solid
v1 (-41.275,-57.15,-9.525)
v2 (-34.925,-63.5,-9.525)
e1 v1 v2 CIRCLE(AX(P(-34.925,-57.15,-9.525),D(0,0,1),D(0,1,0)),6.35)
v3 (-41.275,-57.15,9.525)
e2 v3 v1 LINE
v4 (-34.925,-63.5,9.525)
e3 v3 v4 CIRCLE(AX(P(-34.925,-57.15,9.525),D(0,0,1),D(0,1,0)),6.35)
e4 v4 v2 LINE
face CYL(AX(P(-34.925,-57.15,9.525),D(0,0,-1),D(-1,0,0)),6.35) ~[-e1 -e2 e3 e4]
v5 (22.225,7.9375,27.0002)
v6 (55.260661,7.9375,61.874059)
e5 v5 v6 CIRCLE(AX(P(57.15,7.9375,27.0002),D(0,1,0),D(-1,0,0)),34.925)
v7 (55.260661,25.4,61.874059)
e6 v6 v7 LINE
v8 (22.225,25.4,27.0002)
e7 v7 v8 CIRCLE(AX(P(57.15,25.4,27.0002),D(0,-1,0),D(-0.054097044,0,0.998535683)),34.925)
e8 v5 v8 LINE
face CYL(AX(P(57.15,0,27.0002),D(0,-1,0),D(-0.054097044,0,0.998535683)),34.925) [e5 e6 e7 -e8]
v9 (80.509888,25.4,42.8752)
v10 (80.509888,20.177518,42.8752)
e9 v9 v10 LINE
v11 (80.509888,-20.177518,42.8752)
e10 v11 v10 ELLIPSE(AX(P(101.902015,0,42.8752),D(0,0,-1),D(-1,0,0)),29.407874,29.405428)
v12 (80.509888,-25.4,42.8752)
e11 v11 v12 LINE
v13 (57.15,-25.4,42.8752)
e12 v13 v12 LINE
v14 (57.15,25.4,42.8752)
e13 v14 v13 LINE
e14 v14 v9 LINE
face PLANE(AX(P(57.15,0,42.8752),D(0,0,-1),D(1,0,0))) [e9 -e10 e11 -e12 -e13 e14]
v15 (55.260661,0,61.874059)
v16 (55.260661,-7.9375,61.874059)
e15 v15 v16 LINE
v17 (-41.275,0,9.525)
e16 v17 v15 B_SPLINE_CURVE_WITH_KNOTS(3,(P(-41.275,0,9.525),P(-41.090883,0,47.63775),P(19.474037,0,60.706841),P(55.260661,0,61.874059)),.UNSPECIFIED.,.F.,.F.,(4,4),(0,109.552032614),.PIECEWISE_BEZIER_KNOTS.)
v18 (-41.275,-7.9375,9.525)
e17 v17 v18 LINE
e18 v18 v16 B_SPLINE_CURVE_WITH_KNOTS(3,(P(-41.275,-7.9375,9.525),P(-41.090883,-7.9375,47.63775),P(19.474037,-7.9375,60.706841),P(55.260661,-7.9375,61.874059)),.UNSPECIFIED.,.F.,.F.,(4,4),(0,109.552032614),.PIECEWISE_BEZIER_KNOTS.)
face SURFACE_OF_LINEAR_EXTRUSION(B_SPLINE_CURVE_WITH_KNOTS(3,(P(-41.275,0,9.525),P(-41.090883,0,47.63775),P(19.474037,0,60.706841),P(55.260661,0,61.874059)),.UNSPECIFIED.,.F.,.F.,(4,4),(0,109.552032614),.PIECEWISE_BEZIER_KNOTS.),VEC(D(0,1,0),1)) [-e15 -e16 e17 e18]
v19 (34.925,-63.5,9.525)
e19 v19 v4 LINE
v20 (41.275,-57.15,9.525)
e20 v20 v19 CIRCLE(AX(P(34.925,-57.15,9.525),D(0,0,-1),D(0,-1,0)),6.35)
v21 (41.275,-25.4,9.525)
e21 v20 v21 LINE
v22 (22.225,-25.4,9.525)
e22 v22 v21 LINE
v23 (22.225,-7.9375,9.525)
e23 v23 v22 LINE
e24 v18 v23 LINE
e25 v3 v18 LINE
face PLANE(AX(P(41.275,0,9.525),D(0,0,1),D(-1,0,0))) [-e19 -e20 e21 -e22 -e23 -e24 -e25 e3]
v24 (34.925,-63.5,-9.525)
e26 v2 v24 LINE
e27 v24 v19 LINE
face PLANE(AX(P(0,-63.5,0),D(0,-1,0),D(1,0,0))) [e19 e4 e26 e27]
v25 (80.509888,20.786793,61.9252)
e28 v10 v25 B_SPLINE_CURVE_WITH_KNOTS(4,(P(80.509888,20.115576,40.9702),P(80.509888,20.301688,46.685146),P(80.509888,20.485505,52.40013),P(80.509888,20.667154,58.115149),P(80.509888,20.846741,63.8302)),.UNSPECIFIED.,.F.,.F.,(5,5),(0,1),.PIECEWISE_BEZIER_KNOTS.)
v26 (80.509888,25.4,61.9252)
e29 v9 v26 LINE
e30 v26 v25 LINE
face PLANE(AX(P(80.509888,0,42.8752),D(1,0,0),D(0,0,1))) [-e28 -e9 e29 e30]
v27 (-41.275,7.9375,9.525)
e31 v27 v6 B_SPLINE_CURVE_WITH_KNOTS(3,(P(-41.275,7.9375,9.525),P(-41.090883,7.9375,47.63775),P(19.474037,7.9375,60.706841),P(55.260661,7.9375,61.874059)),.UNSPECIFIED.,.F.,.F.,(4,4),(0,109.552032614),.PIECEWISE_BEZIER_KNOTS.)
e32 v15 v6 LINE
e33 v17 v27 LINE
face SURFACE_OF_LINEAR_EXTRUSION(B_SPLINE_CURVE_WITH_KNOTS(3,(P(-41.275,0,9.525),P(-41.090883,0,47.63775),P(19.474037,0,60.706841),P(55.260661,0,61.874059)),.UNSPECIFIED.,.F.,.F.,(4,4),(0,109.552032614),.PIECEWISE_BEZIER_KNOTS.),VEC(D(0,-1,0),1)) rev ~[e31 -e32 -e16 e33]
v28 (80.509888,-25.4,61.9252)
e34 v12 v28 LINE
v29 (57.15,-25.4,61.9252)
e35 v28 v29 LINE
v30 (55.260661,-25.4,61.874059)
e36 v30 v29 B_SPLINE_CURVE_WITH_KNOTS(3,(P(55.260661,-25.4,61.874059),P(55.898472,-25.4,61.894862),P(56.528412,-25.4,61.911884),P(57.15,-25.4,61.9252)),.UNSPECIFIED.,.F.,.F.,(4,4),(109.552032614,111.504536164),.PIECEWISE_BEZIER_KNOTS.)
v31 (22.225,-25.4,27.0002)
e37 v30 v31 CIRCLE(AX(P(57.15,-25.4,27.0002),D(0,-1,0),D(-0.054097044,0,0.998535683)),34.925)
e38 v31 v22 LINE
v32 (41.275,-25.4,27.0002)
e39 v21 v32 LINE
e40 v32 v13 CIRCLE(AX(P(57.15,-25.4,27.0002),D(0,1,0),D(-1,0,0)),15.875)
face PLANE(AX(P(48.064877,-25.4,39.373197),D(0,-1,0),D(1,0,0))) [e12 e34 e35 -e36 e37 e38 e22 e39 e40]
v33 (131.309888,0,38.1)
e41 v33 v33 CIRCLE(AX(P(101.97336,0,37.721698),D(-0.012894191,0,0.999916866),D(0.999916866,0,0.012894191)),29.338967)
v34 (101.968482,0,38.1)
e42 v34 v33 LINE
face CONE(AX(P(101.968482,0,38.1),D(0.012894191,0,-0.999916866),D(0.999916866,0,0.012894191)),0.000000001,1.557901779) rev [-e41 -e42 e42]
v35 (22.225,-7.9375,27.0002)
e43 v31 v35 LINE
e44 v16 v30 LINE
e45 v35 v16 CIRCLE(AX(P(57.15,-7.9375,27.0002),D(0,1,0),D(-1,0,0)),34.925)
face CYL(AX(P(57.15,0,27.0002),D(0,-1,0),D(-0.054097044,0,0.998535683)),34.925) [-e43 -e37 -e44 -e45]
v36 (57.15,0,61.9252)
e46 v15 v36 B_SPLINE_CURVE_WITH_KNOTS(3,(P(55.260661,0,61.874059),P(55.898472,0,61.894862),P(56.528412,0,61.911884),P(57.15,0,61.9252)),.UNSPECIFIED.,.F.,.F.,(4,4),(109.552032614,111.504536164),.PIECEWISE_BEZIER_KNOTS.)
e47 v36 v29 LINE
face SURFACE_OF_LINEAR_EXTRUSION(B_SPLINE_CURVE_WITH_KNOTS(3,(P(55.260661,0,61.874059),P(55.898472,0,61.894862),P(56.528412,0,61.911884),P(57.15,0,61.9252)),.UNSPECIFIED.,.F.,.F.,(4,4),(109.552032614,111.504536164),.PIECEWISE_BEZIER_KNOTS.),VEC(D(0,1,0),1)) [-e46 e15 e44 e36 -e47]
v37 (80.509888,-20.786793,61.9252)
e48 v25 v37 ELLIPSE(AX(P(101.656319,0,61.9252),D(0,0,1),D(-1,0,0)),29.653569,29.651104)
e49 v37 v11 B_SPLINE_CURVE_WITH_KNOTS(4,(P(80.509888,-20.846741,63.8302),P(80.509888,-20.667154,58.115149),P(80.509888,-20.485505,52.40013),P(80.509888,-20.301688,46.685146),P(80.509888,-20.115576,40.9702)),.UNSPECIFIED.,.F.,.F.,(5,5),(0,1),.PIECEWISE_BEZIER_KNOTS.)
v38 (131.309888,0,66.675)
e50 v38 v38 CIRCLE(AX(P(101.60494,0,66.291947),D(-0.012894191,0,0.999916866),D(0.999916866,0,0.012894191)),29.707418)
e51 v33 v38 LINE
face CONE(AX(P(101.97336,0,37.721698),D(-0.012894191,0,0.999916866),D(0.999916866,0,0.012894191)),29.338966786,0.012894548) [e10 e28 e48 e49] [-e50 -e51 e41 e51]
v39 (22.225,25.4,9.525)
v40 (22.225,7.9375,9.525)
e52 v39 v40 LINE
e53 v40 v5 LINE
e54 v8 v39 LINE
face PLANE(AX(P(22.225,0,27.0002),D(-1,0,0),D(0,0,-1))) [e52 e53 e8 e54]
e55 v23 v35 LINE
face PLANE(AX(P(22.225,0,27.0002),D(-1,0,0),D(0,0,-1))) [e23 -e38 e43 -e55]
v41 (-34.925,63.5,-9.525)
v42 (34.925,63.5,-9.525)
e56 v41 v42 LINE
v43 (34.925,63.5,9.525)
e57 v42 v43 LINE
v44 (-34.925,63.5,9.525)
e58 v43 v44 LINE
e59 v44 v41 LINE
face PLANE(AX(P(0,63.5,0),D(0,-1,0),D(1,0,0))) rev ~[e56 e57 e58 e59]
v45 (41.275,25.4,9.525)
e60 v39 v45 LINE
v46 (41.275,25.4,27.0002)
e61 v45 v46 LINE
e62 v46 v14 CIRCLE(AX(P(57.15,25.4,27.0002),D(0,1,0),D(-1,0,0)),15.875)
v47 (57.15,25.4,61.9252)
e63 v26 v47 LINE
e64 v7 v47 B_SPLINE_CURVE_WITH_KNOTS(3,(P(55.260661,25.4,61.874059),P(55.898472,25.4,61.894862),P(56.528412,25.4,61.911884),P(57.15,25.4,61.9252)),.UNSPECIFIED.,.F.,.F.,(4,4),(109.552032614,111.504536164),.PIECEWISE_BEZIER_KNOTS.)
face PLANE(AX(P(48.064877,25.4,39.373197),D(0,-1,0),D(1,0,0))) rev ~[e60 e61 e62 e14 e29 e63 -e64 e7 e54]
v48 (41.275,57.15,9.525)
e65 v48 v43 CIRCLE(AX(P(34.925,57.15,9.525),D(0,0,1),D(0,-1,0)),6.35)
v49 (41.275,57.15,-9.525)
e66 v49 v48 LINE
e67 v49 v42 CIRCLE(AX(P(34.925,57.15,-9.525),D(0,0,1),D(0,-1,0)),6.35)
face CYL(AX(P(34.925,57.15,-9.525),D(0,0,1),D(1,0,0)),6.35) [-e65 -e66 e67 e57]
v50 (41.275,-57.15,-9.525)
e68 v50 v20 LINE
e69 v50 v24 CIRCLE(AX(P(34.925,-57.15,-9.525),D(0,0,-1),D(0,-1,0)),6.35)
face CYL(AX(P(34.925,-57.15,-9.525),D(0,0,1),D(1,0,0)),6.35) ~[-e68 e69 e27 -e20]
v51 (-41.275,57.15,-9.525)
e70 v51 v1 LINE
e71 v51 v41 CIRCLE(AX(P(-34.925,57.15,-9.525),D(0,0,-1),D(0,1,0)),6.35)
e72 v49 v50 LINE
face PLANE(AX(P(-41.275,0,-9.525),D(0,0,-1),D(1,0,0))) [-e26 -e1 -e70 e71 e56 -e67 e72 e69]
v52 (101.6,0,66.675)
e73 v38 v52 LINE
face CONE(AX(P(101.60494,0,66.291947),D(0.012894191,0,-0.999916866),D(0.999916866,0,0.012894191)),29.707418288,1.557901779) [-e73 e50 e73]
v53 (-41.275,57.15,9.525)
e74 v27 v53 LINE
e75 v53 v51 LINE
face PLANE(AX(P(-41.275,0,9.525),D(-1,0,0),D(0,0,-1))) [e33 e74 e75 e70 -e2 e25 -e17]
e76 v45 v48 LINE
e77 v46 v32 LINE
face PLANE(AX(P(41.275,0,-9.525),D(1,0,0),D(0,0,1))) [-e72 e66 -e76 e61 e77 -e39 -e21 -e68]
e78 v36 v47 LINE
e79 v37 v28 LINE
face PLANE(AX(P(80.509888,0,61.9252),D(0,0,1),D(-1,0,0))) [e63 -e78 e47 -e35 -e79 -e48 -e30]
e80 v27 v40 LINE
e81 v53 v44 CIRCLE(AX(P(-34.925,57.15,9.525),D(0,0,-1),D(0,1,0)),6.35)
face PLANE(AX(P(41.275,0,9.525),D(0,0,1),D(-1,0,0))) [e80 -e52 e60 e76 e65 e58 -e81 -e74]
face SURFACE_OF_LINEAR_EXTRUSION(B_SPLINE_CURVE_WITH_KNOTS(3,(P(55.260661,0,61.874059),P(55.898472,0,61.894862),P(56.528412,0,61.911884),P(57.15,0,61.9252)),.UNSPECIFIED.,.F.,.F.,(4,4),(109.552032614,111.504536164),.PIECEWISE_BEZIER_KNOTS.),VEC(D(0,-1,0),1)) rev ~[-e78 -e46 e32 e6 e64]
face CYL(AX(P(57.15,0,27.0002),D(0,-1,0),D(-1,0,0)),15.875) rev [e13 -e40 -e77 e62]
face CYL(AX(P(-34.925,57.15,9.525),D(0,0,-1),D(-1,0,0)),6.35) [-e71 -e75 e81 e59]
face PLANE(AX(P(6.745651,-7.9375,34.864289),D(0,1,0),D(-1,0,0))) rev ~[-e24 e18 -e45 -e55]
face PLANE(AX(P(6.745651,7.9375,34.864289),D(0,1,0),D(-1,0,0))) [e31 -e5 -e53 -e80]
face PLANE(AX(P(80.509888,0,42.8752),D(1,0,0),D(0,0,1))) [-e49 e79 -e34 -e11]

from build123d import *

# Parameters (mm, degrees)
F1_DEPTH = 63.5
F2_DEPTH = 25.4
F3_DEPTH = 7.9375
F5_R     = 6.35


with BuildPart() as f1:
    # F0 (on Front) → F1 (new body, symmetric)
    with BuildSketch(Plane.XZ):
        Polygon((22.225, 9.525), (-41.275, 9.525), (-41.275, -9.525), (41.275, -9.525), (41.275, 9.525), align=None)
    extrude(amount=F1_DEPTH, both=True)

    # F0 (on Front) → F2 (join, symmetric)
    with BuildSketch(Plane.XZ):
        with BuildLine():
            Line((22.225, 27.0002), (22.225, 9.525))
            Line((22.225, 9.525), (41.275, 9.525))
            Line((41.275, 9.525), (41.275, 27.0002))
            ThreePointArc((41.275, 27.0002), (45.9246798487, 38.2255201513), (57.15, 42.8752))
            Line((57.15, 42.8752), (80.509888177, 42.8752))
            Line((80.509888177, 42.8752), (80.509888177, 61.9252))
            Line((80.509888177, 61.9252), (57.15, 61.9252))
            add(Edge.make_bspline(
                [(55.2606607544, 61.8740587228), (55.8984719216, 61.8948615926), (56.5284123731, 61.9118838852), (57.15, 61.9252)],
                knots=[109.5520326142, 109.5520326142, 109.5520326142, 109.5520326142, 111.5045361635, 111.5045361635, 111.5045361635, 111.5045361635], degree=3))
            ThreePointArc((55.2606607544, 61.8740587228), (31.7951109433, 51.0186351265), (22.225, 27.0002))
        make_face()
    extrude(amount=F2_DEPTH, both=True)

    # F0 (on Front) → F3 (join, symmetric)
    with BuildSketch(Plane.XZ):
        with BuildLine():
            add(Edge.make_bspline(
                [(-41.275, 9.525), (-41.0908827839, 47.6377500775), (19.4740370552, 60.7068410375), (55.2606607544, 61.8740587228)],
                knots=[0, 0, 0, 0, 109.5520326142, 109.5520326142, 109.5520326142, 109.5520326142], degree=3))
            Line((-41.275, 9.525), (22.225, 9.525))
            Line((22.225, 9.525), (22.225, 27.0002))
            ThreePointArc((22.225, 27.0002), (31.7951109433, 51.0186351265), (55.2606607544, 61.8740587228))
        make_face()
    extrude(amount=F3_DEPTH, both=True)

    # F0 (on Front) → F4 (revolve)
    with BuildSketch(Plane.XZ):
        Polygon((131.309888177, 66.675), (101.6, 66.675), (101.9684821367, 38.1), (131.309888177, 38.1), align=None)
    revolve(axis=Axis((101.7842410684, 0, 52.3875), (-0.0128941908, 0, 0.9999168665)))

    # F5
    f5_edges = [f1.edges().sort_by_distance(p)[0] for p in [
        (41.275, -63.5, 0),
        (-41.275, -63.5, 0),
        (-41.275, 63.5, 0),
        (41.275, 63.5, 0),
    ]]
    fillet(f5_edges, radius=F5_R)


solid = f1.part
